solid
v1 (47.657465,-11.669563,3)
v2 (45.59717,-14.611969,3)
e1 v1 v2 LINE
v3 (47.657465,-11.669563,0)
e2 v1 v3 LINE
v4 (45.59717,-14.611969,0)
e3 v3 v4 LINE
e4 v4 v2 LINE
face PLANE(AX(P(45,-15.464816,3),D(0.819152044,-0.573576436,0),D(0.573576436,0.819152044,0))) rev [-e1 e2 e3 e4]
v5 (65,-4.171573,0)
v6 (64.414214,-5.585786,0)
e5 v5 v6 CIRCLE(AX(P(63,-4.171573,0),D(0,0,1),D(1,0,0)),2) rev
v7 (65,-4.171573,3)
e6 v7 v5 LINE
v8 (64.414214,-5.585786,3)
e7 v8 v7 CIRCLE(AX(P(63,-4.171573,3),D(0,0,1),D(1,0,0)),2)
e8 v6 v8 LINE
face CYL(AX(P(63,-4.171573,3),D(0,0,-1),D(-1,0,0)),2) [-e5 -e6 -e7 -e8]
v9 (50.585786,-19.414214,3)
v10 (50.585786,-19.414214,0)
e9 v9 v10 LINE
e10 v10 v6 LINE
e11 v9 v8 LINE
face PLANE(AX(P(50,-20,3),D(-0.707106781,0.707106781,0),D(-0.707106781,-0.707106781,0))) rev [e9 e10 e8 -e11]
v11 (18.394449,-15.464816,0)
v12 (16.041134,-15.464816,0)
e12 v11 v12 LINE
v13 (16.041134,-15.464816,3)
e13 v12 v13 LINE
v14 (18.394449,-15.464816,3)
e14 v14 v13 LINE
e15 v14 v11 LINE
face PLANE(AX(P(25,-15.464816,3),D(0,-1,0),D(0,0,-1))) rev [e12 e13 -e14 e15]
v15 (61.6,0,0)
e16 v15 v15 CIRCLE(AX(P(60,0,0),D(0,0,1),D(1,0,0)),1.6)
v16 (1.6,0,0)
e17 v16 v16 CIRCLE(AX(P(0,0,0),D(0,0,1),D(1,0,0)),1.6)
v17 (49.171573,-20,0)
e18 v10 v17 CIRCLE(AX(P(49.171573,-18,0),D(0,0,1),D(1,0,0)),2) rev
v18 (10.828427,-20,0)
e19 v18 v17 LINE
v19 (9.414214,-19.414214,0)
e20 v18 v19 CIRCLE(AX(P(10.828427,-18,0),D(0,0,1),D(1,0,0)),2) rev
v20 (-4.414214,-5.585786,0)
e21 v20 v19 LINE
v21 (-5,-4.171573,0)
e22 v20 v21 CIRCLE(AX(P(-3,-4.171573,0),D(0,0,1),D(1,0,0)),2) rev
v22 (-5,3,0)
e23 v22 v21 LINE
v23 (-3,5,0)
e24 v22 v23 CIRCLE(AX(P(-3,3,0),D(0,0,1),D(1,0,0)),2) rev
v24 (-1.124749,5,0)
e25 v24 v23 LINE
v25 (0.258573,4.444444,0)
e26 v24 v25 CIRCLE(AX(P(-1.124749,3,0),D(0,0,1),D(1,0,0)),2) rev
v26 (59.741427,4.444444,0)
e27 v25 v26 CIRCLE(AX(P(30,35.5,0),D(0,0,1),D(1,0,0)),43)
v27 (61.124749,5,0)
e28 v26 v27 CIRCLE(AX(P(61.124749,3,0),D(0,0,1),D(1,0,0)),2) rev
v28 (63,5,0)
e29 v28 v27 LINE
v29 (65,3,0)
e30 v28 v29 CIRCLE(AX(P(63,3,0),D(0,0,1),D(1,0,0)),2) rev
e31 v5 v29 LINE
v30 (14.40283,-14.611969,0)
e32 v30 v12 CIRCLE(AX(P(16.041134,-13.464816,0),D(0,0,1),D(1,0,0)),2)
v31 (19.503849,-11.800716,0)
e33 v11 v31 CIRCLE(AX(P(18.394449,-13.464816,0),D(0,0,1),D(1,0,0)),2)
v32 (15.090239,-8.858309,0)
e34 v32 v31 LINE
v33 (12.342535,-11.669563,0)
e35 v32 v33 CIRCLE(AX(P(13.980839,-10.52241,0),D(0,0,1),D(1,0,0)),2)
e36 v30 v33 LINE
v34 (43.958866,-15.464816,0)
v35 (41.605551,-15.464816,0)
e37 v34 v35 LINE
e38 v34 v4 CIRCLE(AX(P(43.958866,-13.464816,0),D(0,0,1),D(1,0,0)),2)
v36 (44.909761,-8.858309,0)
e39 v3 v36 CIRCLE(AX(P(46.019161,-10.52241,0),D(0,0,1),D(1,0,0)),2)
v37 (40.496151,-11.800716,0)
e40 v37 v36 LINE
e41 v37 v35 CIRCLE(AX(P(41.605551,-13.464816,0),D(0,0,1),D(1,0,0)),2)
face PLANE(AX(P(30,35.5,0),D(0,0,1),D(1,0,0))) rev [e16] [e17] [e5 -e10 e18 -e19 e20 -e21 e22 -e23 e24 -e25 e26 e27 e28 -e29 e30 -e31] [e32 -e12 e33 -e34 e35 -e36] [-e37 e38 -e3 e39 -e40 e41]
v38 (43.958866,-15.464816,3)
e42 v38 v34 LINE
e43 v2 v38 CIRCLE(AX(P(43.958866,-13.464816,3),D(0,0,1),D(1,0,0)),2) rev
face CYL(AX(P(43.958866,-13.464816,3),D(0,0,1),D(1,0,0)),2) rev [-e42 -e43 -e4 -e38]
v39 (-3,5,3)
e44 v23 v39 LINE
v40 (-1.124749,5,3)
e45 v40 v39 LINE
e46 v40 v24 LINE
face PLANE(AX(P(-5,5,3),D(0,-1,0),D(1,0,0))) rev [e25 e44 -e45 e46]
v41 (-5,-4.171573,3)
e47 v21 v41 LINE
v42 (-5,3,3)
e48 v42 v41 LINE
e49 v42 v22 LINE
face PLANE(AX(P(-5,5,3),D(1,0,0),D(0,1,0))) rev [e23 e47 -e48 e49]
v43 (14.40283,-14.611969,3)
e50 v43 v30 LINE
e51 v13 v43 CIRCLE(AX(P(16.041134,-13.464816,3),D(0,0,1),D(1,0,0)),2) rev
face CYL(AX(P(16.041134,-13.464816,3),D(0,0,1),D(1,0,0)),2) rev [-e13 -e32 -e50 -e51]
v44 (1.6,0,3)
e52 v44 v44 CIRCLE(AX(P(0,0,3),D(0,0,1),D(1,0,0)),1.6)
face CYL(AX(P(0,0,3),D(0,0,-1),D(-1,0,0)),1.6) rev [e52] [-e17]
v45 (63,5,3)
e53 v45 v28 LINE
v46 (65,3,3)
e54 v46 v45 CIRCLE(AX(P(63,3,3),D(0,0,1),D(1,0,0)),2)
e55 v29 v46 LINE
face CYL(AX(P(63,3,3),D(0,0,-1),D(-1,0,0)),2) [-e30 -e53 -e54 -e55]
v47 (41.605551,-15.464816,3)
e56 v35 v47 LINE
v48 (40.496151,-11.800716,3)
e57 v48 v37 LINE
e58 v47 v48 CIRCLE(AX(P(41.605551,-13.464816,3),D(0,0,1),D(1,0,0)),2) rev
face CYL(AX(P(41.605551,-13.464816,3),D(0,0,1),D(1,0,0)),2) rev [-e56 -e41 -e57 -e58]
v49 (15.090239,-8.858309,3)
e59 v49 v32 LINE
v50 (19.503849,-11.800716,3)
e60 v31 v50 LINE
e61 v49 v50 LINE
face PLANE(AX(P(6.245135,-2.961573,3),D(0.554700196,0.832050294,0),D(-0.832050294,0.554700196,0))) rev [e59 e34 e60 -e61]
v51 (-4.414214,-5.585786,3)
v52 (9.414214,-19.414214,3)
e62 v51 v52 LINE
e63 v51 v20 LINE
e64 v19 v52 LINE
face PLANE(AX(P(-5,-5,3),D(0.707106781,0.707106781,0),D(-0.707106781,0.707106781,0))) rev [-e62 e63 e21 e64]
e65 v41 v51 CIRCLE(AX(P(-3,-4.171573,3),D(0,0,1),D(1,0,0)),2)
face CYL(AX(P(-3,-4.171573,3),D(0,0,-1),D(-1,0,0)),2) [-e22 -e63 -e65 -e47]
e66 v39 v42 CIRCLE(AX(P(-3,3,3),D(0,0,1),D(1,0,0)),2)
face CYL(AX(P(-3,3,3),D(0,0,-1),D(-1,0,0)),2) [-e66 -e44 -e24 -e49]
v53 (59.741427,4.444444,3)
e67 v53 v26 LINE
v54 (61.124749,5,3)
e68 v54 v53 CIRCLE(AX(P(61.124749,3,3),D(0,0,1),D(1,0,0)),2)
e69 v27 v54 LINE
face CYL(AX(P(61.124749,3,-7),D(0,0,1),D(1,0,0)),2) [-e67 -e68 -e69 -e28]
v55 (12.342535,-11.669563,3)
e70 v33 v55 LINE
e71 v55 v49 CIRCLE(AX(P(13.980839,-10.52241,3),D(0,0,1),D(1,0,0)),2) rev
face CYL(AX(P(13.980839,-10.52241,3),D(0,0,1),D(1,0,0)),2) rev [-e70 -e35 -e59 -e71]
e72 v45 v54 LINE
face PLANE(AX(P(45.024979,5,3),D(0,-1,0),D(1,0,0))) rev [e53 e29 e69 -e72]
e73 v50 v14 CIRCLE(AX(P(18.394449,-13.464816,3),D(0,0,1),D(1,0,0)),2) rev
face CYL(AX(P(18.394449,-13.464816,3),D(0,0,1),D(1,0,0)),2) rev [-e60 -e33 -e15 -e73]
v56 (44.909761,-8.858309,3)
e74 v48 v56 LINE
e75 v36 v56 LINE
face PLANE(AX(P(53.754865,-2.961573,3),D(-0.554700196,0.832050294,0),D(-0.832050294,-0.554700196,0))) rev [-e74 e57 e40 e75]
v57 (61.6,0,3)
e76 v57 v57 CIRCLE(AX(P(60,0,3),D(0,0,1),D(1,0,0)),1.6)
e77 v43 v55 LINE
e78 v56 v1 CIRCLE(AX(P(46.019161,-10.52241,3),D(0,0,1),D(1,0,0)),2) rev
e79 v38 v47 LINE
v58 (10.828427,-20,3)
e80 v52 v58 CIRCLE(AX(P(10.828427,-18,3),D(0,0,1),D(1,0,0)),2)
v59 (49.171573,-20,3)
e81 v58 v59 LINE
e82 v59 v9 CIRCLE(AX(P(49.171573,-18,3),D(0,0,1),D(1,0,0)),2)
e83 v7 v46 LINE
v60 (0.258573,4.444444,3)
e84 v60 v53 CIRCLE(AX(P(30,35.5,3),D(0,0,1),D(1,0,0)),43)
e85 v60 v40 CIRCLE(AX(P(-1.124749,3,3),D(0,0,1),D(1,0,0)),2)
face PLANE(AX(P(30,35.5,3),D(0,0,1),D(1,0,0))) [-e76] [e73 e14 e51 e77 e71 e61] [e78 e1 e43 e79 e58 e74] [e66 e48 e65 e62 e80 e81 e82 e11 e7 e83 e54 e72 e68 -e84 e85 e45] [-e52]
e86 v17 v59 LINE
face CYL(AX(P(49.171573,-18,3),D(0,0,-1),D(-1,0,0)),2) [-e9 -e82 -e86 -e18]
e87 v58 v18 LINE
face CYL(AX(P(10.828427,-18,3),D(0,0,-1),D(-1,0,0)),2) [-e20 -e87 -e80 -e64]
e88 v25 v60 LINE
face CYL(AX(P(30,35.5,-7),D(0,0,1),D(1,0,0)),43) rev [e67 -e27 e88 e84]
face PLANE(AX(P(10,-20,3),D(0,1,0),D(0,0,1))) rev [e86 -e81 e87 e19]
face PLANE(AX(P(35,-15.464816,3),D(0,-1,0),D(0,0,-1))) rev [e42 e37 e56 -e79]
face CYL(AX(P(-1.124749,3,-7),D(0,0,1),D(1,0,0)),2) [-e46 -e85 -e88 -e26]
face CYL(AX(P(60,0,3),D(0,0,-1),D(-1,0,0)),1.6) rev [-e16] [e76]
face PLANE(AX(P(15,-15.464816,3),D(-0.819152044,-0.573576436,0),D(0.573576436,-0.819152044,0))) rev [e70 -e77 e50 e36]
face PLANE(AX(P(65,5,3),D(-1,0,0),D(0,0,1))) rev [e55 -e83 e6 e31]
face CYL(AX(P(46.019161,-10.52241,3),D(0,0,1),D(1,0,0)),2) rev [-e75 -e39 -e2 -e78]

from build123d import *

# Parameters (mm, degrees)
SKETCH_1_R          = 1.6
EXTRUDE_1_DEPTH     = 3
CUT_EXTRUDE_1_DEPTH = 4
SKETCH_4_R          = 43
CUT_EXTRUDE_2_DEPTH = 10
FILLET_1_R          = 2


with BuildPart() as part:
    # 草图1 → 凸台-拉伸1 (new body)
    with BuildSketch(Plane.XY):
        with BuildLine():
            Line((45.024979201, 5), (65, 5))
            Line((65, 5), (65, -5))
            Line((65, -5), (50, -20))
            Line((50, -20), (10, -20))
            Line((10, -20), (-5, -5))
            Line((-5, -5), (-5, 5))
            Line((-5, 5), (14.975020799, 5))
            ThreePointArc((14.975020799, 5), (30, 1.5), (45.024979201, 5))
        make_face()
        with Locations((60, 0)):
            Circle(SKETCH_1_R, mode=Mode.SUBTRACT)
        Circle(SKETCH_1_R, mode=Mode.SUBTRACT)
    extrude(amount=EXTRUDE_1_DEPTH)

    # 草图3 → 切除-拉伸1 (cut, through all)
    with BuildSketch(Plane(origin=(0, 0, 0), x_dir=(-1, 0, 0), z_dir=(0, 0, -1))):
        Polygon((-25, -15.464816242), (-15, -15.464816242), (-6.245134561, -2.961572616), align=None)
        Polygon((-53.754865439, -2.961572616), (-35, -15.464816242), (-45, -15.464816242), align=None)
    extrude(amount=-CUT_EXTRUDE_1_DEPTH, mode=Mode.SUBTRACT)

    # 草图4 → 切除-拉伸2 (cut)
    with BuildSketch(Plane.XY.offset(3)):
        with Locations((30, 35.5)):
            Circle(SKETCH_4_R)
    extrude(amount=-CUT_EXTRUDE_2_DEPTH, mode=Mode.SUBTRACT)

    # 圆角1
    fillet_1_edges = [part.edges().sort_by_distance(p)[0] for p in [
        (50, -20, 1.5),
        (10, -20, 1.5),
        (-5, -5, 1.5),
        (-5, 5, 1.5),
        (65, 5, 1.5),
        (65, -5, 1.5),
        (25, -15.464816242, 1.5),
        (6.245134561, -2.961572616, 1.5),
        (15, -15.464816242, 1.5),
        (45, -15.464816242, 1.5),
        (53.754865439, -2.961572616, 1.5),
        (35, -15.464816242, 1.5),
        (-0.310889132, 5, 1.5),
        (60.310889132, 5, 1.5),
    ]]
    fillet(fillet_1_edges, radius=FILLET_1_R)


solid = part.part
